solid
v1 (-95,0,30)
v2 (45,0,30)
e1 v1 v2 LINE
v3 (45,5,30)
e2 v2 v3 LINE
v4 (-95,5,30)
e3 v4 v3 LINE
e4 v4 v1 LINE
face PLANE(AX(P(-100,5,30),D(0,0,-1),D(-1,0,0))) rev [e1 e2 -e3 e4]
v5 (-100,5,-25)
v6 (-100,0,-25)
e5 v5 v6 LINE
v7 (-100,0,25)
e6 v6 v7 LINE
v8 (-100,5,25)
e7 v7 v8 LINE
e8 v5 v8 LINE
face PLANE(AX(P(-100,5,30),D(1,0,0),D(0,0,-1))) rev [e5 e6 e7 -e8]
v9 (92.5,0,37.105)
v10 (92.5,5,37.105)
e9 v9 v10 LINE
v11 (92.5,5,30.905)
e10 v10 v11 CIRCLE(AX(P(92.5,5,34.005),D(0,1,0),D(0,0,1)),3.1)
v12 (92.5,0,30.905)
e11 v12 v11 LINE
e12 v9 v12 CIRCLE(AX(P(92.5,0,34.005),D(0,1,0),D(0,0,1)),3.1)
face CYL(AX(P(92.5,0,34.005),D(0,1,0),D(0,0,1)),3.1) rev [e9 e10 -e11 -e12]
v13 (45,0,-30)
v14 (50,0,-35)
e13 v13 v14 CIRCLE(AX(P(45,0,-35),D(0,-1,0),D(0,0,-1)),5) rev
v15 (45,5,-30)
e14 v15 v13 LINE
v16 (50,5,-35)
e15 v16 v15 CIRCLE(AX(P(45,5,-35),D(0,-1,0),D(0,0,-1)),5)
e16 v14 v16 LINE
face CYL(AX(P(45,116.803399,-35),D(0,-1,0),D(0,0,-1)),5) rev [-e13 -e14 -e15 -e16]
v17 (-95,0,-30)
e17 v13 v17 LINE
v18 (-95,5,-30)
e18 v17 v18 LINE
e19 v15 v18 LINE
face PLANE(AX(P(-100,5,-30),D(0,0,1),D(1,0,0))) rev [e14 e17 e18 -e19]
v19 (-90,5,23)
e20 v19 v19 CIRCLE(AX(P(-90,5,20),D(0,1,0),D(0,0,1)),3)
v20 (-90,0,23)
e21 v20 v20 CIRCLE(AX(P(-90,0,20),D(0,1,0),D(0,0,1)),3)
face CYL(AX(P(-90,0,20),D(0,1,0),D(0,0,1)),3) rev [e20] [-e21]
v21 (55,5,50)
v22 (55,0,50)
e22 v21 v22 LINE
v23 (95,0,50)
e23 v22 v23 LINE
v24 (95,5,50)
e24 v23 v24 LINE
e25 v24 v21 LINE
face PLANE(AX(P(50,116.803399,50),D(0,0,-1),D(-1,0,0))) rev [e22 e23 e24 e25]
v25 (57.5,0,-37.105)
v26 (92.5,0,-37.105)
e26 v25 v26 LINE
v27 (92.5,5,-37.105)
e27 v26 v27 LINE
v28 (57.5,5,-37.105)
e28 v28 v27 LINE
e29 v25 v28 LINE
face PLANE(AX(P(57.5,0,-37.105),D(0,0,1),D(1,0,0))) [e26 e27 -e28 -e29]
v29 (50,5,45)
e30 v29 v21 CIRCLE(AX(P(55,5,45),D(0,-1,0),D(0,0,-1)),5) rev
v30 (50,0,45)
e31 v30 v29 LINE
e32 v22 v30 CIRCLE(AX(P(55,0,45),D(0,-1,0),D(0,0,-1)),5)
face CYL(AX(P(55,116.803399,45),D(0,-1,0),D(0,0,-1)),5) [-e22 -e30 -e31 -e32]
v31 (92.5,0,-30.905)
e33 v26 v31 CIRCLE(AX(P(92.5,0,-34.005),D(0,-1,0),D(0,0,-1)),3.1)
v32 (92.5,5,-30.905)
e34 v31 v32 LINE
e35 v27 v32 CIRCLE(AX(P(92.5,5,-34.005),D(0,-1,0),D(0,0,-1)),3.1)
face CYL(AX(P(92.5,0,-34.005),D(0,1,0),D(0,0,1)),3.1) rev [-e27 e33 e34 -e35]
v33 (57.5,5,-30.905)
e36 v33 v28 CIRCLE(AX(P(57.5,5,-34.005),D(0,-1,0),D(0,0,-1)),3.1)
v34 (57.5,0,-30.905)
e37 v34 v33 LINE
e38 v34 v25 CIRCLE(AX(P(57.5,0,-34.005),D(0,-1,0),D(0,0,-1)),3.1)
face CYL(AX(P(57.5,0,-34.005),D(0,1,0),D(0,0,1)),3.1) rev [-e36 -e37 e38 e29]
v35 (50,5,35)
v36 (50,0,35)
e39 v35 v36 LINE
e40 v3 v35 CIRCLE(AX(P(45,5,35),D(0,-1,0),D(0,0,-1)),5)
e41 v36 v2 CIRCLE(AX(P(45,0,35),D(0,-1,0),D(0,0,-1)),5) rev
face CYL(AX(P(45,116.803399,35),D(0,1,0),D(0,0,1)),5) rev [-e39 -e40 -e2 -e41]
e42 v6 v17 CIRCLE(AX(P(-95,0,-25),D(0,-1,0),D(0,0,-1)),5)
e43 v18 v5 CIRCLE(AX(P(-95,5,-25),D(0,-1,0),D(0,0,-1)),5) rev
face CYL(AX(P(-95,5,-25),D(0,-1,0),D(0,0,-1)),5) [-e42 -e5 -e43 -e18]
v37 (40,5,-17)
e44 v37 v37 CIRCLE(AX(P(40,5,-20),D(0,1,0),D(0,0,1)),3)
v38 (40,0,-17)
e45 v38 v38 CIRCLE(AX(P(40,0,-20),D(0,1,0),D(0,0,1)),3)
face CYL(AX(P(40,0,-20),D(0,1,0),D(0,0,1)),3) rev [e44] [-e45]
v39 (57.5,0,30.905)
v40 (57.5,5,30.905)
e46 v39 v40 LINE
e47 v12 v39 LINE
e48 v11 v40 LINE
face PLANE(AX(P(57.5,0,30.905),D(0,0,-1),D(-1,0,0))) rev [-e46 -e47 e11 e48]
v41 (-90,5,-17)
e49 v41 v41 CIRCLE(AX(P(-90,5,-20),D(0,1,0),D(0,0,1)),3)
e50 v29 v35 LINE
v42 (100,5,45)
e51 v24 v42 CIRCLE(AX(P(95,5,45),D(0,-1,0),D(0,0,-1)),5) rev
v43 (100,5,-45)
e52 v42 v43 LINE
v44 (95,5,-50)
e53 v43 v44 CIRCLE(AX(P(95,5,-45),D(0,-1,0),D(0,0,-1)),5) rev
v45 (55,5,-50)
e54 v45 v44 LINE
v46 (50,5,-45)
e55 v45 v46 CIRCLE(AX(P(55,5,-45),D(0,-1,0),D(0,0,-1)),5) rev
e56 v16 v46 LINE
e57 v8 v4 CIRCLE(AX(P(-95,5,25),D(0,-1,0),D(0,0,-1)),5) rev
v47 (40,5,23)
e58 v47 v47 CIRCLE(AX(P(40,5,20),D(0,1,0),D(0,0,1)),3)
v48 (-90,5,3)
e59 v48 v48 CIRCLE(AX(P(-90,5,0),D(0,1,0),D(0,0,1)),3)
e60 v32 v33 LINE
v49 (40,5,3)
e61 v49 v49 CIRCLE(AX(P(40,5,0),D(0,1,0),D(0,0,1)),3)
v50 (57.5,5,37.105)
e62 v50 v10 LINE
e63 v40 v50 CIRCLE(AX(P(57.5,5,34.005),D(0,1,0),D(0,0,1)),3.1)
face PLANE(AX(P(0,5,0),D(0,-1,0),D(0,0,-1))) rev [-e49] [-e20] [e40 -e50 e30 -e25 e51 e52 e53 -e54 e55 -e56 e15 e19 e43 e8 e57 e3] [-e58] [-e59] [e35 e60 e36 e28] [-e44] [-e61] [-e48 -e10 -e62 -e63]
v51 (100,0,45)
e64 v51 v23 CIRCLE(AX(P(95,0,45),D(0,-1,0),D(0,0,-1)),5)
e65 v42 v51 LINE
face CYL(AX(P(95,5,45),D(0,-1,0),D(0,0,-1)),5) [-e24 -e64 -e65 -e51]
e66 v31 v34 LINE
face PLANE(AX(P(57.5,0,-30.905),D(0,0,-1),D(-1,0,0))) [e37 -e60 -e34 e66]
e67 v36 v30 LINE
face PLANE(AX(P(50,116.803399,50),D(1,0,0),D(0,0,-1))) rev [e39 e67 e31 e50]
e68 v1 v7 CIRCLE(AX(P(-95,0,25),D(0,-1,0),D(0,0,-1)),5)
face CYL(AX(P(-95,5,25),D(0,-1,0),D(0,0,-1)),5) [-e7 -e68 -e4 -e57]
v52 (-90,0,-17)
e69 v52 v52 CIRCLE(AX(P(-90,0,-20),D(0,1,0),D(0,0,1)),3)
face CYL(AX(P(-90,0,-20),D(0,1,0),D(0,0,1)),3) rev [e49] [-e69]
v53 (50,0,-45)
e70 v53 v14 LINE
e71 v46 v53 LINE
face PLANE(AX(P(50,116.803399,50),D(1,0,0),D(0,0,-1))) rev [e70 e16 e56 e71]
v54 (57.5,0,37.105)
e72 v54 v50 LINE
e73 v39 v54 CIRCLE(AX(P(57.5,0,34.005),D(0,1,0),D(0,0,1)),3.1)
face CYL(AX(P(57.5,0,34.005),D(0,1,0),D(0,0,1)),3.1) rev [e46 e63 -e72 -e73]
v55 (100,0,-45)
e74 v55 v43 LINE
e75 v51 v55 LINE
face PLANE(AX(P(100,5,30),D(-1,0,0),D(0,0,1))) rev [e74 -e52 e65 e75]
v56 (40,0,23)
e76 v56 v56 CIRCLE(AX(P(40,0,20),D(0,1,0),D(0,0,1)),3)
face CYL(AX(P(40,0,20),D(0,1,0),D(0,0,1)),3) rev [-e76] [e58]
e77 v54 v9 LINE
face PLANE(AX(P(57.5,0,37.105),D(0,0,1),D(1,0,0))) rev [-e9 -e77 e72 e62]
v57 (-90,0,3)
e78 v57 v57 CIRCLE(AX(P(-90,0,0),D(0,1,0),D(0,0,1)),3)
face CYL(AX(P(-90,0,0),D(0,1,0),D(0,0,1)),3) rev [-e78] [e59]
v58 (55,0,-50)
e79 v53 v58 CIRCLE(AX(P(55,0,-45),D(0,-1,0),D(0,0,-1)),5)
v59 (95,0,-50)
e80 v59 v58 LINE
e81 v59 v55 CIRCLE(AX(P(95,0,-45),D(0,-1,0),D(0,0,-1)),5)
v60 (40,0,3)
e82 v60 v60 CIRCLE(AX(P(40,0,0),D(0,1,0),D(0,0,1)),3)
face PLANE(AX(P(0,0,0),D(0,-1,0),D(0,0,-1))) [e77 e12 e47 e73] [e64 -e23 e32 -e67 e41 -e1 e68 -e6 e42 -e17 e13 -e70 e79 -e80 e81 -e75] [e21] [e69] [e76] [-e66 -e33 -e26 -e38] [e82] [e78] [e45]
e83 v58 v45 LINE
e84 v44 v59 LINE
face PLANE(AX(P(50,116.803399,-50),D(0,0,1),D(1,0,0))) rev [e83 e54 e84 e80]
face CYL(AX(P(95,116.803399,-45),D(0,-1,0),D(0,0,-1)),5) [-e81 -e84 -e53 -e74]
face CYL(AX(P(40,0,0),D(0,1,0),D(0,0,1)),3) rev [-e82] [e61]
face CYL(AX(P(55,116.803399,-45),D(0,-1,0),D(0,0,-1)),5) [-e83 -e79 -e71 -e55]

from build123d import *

# Parameters (mm, degrees)
SKETCH1_W           = 200
SKETCH1_H           = 60
BOSS_EXTRUDE1_DEPTH = 5
SKETCH2_R           = 3
CUT_EXTRUDE1_DEPTH  = 6
SKETCH3_W           = 50
SKETCH3_H           = 100
BOSS_EXTRUDE2_DEPTH = 5
CUT_EXTRUDE2_DEPTH  = 6
FILLET1_R           = 5


with BuildPart() as part:
    # Sketch1 → Boss-Extrude1 (new body)
    with BuildSketch(Plane(origin=(0, 0, 0), x_dir=(1, 0, 0), z_dir=(0, 1, 0))):
        Rectangle(SKETCH1_W, SKETCH1_H)
    extrude(amount=BOSS_EXTRUDE1_DEPTH)

    # Sketch2 → Cut-Extrude1 (cut, through all)
    with BuildSketch(Plane(origin=(0, 5, 0), x_dir=(1, 0, 0), z_dir=(0, 1, 0))):
        with Locations((-90, 20)):
            Circle(SKETCH2_R)
        with Locations((-90, -20)):
            Circle(SKETCH2_R)
        with Locations((40, -20)):
            Circle(SKETCH2_R)
        with Locations((40, 20)):
            Circle(SKETCH2_R)
        with Locations((-90, 0)):
            Circle(SKETCH2_R)
        with Locations((40, 0)):
            Circle(SKETCH2_R)
    extrude(amount=-CUT_EXTRUDE1_DEPTH, mode=Mode.SUBTRACT)

    # Sketch3 → Boss-Extrude2 (add)
    with BuildSketch(Plane(origin=(0, 0, 0), x_dir=(1, 0, 0), z_dir=(0, 1, 0))):
        with Locations((75, 0)):
            Rectangle(SKETCH3_W, SKETCH3_H)
    extrude(amount=BOSS_EXTRUDE2_DEPTH)

    # Sketch4 → Cut-Extrude2 (cut, through all)
    with BuildSketch(Plane(origin=(0, 5, 0), x_dir=(1, 0, 0), z_dir=(0, 1, 0))):
        with BuildLine():
            Line((57.5, -30.905), (92.5, -30.905))
            ThreePointArc((92.5, -30.905), (95.6, -34.005), (92.5, -37.105))
            Line((92.5, -37.105), (57.5, -37.105))
            ThreePointArc((57.5, -37.105), (54.4, -34.005), (57.5, -30.905))
        make_face()
    cut_extrude2 = extrude(amount=-CUT_EXTRUDE2_DEPTH, mode=Mode.SUBTRACT)

    # Mirror1: Cut-Extrude2 across plane
    add(cut_extrude2.mirror(Plane.XY), mode=Mode.SUBTRACT)

    # Fillet1
    fillet1_edges = [part.edges().sort_by_distance(p)[0] for p in [
        (100, 2.5, 50),
        (50, 2.5, -30),
        (50, 2.5, -50),
        (50, 2.5, 30),
        (100, 2.5, -50),
        (50, 2.5, 50),
        (-100, 2.5, 30),
        (-100, 2.5, -30),
    ]]
    fillet(fillet1_edges, radius=FILLET1_R)


solid = part.part
